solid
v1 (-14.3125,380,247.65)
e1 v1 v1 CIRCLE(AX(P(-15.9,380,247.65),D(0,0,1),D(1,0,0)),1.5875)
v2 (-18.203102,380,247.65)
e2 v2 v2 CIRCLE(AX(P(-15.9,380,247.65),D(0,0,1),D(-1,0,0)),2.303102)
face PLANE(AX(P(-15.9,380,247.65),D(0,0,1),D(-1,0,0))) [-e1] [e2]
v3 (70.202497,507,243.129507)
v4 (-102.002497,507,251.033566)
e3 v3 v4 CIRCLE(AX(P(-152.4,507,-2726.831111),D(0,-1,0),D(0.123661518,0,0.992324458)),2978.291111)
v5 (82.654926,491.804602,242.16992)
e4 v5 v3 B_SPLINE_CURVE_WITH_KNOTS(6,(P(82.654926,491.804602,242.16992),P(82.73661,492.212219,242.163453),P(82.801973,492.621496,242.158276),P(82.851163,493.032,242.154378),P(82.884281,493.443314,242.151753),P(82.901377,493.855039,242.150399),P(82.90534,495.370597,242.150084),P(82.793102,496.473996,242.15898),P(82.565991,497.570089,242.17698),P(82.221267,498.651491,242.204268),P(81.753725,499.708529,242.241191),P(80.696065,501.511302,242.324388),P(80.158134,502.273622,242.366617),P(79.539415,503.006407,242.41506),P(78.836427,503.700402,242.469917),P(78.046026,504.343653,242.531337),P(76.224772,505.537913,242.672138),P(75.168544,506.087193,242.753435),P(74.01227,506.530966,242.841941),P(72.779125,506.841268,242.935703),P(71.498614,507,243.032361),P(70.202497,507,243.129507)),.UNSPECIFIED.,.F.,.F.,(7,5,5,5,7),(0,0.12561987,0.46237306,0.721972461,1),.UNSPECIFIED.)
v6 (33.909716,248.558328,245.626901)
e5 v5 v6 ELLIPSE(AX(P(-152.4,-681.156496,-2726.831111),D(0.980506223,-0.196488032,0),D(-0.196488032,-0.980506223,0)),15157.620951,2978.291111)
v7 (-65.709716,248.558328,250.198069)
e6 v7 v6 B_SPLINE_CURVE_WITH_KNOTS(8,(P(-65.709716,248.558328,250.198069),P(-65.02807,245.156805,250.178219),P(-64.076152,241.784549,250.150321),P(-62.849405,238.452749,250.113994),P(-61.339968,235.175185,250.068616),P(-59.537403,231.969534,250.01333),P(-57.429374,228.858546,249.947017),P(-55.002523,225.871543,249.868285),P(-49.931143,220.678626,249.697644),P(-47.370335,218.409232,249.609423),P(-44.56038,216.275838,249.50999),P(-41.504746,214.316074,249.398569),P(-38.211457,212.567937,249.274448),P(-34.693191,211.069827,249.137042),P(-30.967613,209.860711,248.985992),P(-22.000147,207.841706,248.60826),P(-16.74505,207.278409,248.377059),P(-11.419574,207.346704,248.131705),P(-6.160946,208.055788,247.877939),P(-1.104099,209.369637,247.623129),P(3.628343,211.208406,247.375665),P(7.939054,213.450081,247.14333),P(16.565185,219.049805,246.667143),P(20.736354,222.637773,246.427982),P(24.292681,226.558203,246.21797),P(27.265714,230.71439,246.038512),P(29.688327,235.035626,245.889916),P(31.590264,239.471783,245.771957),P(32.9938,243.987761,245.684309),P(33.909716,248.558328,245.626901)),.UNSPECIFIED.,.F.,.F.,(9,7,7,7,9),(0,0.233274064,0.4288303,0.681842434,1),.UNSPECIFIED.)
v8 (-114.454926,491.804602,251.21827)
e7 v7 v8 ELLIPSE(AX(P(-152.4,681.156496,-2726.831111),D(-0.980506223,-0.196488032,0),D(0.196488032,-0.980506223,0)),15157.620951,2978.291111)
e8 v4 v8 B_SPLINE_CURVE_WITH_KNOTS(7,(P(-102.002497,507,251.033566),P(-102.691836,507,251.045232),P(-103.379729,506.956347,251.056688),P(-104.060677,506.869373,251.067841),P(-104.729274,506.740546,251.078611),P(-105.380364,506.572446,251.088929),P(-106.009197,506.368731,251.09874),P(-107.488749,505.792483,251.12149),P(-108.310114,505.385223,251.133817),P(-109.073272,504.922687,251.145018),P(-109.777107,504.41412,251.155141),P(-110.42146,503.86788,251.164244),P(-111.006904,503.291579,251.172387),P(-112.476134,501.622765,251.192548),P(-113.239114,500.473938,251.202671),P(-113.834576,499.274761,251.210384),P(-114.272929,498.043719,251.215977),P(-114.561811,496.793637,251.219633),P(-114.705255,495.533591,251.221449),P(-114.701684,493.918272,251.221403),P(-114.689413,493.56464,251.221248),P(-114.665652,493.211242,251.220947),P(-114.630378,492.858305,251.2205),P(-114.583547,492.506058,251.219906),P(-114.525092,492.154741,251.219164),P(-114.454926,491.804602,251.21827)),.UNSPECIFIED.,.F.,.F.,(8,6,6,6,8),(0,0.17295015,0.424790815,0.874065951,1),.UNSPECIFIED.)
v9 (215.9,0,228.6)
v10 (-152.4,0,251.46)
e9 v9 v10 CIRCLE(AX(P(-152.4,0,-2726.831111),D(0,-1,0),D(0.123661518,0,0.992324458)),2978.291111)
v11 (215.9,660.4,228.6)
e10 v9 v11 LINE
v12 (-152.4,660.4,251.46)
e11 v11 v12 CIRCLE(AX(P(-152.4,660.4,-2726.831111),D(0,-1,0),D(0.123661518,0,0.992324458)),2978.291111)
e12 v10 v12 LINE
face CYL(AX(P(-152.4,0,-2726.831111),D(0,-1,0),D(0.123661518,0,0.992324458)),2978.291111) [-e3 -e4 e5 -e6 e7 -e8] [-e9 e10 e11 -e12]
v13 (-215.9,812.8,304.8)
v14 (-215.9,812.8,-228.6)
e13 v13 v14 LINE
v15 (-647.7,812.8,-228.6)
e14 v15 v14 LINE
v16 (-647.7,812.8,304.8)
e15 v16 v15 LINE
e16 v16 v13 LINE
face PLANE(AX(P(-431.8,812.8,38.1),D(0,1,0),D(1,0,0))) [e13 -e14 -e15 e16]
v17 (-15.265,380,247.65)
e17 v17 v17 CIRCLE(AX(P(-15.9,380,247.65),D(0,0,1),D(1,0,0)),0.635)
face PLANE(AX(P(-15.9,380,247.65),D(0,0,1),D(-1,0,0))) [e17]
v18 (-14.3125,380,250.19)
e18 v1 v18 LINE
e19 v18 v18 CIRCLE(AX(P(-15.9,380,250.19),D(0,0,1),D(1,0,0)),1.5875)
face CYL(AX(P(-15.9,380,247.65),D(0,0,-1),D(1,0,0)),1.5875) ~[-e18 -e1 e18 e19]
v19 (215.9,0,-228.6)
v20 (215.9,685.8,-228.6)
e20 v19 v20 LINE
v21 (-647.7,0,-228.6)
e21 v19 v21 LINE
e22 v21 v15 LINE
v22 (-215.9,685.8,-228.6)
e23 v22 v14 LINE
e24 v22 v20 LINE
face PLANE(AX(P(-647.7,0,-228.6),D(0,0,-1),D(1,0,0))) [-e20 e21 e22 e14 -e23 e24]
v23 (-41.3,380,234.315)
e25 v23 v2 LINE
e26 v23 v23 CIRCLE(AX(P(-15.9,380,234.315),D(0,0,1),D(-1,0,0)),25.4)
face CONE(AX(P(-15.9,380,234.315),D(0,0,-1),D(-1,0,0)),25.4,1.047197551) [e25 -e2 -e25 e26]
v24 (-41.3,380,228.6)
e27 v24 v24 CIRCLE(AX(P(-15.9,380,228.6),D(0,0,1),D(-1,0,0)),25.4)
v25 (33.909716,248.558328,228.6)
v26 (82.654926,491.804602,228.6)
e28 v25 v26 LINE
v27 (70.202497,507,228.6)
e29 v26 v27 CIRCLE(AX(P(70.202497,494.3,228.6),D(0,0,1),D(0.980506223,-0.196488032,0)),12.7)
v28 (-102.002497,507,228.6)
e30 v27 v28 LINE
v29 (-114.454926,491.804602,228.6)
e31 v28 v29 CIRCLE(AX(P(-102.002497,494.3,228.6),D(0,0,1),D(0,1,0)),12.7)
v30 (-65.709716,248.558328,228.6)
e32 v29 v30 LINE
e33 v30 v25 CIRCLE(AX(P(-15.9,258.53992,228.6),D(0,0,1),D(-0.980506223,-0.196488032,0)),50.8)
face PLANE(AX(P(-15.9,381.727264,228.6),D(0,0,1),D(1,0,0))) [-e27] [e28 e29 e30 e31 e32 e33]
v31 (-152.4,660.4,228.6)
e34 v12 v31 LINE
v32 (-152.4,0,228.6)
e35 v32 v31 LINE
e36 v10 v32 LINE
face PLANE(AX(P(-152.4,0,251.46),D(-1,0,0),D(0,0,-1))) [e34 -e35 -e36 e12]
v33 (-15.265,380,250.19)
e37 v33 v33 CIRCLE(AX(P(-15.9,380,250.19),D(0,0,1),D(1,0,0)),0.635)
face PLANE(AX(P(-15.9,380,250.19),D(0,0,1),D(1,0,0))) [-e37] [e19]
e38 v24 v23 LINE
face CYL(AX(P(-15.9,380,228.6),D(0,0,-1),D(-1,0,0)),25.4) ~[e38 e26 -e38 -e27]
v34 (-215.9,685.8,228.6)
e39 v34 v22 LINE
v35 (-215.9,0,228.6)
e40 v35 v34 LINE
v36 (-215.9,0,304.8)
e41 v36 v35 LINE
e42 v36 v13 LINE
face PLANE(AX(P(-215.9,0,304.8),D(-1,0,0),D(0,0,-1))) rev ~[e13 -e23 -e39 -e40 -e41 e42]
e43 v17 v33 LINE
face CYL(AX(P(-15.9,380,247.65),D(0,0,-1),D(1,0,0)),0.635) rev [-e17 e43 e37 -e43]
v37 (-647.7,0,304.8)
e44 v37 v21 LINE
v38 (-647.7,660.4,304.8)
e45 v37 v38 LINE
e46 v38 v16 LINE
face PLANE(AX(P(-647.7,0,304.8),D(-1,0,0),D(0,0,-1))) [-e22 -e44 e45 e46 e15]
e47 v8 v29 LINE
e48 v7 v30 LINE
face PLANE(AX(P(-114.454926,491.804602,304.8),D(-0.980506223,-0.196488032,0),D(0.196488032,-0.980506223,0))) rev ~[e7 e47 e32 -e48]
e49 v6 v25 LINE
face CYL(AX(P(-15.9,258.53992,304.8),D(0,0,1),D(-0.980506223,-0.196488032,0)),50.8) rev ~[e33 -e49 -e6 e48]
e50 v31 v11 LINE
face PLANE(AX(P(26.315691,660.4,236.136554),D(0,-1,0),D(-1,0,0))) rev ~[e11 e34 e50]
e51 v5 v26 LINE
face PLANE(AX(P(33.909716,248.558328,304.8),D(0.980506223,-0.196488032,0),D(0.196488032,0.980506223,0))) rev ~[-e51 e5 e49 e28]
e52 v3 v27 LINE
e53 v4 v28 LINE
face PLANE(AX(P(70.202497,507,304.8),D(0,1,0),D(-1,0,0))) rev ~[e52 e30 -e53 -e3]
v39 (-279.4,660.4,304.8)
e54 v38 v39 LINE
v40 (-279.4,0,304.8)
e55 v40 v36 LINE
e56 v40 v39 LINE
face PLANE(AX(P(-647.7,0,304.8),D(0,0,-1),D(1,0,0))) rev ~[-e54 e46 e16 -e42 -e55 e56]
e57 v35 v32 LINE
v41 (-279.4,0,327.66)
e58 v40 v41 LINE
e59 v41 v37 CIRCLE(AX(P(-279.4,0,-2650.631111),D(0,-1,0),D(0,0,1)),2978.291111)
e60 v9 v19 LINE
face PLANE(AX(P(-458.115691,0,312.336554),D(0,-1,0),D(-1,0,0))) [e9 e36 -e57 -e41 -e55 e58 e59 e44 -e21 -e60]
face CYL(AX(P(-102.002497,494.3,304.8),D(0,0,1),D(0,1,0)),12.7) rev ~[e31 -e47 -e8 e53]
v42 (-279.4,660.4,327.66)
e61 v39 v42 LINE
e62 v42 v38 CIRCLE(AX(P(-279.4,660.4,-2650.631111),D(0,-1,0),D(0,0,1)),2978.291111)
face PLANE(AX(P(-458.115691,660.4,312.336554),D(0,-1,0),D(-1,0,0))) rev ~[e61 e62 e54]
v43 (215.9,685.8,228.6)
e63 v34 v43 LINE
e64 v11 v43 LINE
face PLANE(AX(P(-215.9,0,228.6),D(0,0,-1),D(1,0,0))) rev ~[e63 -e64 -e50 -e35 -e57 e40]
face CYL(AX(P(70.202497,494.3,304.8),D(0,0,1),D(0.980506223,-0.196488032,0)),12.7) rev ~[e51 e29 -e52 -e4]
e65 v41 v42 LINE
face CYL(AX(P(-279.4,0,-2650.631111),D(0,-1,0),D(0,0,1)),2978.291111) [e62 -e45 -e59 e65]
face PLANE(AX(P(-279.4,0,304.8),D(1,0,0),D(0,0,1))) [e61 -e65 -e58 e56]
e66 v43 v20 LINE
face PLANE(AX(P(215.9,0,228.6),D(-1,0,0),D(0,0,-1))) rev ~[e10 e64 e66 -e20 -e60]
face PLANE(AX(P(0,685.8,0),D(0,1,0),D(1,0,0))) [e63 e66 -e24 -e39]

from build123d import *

# Parameters (mm, degrees)
SKETCH1_W           = 431.8
SKETCH1_H           = 457.2
BOSS_EXTRUDE1_DEPTH = 685.8
SKETCH2_W           = 431.8
SKETCH2_H           = 533.4
BOSS_EXTRUDE2_DEPTH = 812.8
BOSS_EXTRUDE4_DEPTH = 660.4
BOSS_EXTRUDE3_DEPTH = 660.4
CUT_EXTRUDE3_DEPTH  = 76.2
SKETCH7_R           = 25.4
BOSS_EXTRUDE5_DEPTH = 19.05
CHAMFER1_SIZE       = 13.335
CHAMFER1_SIZE2      = 23.096897519
SKETCH8_R           = 1.5875
SKETCH8_R_2         = 0.635
BOSS_EXTRUDE6_DEPTH = 2.54


with BuildPart() as part:
    # Sketch1 → Boss-Extrude1 (new body)
    with BuildSketch(Plane(origin=(0, 0, 0), x_dir=(1, 0, 0), z_dir=(0, 1, 0))):
        Rectangle(SKETCH1_W, SKETCH1_H)
    extrude(amount=BOSS_EXTRUDE1_DEPTH)

    # Sketch2 → Boss-Extrude2 (add)
    with BuildSketch(Plane(origin=(0, 0, 0), x_dir=(1, 0, 0), z_dir=(0, 1, 0))):
        with Locations((-431.8, -38.1)):
            Rectangle(SKETCH2_W, SKETCH2_H)
    extrude(amount=BOSS_EXTRUDE2_DEPTH)

    # Sketch4 → Boss-Extrude4 (add)
    with BuildSketch(Plane(origin=(0, 0, 0), x_dir=(1, 0, 0), z_dir=(0, 1, 0))):
        with BuildLine():
            Line((-152.4, -251.46), (-152.4, -228.6))
            Line((-152.4, -228.6), (215.9, -228.6))
            ThreePointArc((215.9, -228.6), (32.104383146, -245.739506237), (-152.4, -251.46))
        make_face()
    extrude(amount=BOSS_EXTRUDE4_DEPTH)

    # Sketch3 → Boss-Extrude3 (add)
    with BuildSketch(Plane(origin=(0, 0, 0), x_dir=(1, 0, 0), z_dir=(0, 1, 0))):
        with BuildLine():
            Line((-279.4, -304.8), (-279.4, -327.66))
            ThreePointArc((-279.4, -327.66), (-463.904383146, -321.939506237), (-647.7, -304.8))
            Line((-647.7, -304.8), (-279.4, -304.8))
        make_face()
    extrude(amount=BOSS_EXTRUDE3_DEPTH)

    # Sketch6 → Cut-Extrude3 (cut)
    with BuildSketch(Plane.XY.offset(304.8)):
        with BuildLine():
            Line((33.909716126, 248.55832752), (82.654926159, 491.804601993))
            ThreePointArc((82.654926159, 491.804601993), (80.025469047, 502.349796436), (70.202497127, 507))
            Line((70.202497127, 507), (-102.002497127, 507))
            ThreePointArc((-102.002497127, 507), (-111.825469047, 502.349796436), (-114.454926159, 491.804601993))
            Line((-114.454926159, 491.804601993), (-65.709716126, 248.55832752))
            ThreePointArc((-65.709716126, 248.55832752), (-15.9, 207.739919548), (33.909716126, 248.55832752))
        make_face()
    extrude(amount=-CUT_EXTRUDE3_DEPTH, mode=Mode.SUBTRACT)



with BuildPart() as body_2:
    # Sketch7 → Boss-Extrude5 (new body)
    with BuildSketch(Plane.XY.offset(228.6)):
        with Locations(Location((-15.9, 380, 0), (0, 0, 180))):
            Circle(SKETCH7_R)
    extrude(amount=BOSS_EXTRUDE5_DEPTH)

    # Chamfer1
    chamfer1_edges = [body_2.edges().sort_by_distance(p)[0] for p in [
        (9.5, 380, 247.65),
    ]]
    chamfer1_side = [body_2.faces().sort_by_distance(p)[0] for p in [
        (9.5, 380, 238.125),
    ]]
    chamfer(chamfer1_edges, length=CHAMFER1_SIZE, length2=CHAMFER1_SIZE2, reference=chamfer1_side[0])


with BuildPart() as part_1:
    add(part.part)

    add(body_2.part)  # Boss-Extrude6 merges body 2
    # Sketch8 → Boss-Extrude6 (add)
    with BuildSketch(Plane.XY.offset(247.65)):
        with Locations((-15.9, 380)):
            Circle(SKETCH8_R)
        with Locations((-15.9, 380)):
            Circle(SKETCH8_R_2, mode=Mode.SUBTRACT)
    extrude(amount=BOSS_EXTRUDE6_DEPTH)


solid = part_1.part
